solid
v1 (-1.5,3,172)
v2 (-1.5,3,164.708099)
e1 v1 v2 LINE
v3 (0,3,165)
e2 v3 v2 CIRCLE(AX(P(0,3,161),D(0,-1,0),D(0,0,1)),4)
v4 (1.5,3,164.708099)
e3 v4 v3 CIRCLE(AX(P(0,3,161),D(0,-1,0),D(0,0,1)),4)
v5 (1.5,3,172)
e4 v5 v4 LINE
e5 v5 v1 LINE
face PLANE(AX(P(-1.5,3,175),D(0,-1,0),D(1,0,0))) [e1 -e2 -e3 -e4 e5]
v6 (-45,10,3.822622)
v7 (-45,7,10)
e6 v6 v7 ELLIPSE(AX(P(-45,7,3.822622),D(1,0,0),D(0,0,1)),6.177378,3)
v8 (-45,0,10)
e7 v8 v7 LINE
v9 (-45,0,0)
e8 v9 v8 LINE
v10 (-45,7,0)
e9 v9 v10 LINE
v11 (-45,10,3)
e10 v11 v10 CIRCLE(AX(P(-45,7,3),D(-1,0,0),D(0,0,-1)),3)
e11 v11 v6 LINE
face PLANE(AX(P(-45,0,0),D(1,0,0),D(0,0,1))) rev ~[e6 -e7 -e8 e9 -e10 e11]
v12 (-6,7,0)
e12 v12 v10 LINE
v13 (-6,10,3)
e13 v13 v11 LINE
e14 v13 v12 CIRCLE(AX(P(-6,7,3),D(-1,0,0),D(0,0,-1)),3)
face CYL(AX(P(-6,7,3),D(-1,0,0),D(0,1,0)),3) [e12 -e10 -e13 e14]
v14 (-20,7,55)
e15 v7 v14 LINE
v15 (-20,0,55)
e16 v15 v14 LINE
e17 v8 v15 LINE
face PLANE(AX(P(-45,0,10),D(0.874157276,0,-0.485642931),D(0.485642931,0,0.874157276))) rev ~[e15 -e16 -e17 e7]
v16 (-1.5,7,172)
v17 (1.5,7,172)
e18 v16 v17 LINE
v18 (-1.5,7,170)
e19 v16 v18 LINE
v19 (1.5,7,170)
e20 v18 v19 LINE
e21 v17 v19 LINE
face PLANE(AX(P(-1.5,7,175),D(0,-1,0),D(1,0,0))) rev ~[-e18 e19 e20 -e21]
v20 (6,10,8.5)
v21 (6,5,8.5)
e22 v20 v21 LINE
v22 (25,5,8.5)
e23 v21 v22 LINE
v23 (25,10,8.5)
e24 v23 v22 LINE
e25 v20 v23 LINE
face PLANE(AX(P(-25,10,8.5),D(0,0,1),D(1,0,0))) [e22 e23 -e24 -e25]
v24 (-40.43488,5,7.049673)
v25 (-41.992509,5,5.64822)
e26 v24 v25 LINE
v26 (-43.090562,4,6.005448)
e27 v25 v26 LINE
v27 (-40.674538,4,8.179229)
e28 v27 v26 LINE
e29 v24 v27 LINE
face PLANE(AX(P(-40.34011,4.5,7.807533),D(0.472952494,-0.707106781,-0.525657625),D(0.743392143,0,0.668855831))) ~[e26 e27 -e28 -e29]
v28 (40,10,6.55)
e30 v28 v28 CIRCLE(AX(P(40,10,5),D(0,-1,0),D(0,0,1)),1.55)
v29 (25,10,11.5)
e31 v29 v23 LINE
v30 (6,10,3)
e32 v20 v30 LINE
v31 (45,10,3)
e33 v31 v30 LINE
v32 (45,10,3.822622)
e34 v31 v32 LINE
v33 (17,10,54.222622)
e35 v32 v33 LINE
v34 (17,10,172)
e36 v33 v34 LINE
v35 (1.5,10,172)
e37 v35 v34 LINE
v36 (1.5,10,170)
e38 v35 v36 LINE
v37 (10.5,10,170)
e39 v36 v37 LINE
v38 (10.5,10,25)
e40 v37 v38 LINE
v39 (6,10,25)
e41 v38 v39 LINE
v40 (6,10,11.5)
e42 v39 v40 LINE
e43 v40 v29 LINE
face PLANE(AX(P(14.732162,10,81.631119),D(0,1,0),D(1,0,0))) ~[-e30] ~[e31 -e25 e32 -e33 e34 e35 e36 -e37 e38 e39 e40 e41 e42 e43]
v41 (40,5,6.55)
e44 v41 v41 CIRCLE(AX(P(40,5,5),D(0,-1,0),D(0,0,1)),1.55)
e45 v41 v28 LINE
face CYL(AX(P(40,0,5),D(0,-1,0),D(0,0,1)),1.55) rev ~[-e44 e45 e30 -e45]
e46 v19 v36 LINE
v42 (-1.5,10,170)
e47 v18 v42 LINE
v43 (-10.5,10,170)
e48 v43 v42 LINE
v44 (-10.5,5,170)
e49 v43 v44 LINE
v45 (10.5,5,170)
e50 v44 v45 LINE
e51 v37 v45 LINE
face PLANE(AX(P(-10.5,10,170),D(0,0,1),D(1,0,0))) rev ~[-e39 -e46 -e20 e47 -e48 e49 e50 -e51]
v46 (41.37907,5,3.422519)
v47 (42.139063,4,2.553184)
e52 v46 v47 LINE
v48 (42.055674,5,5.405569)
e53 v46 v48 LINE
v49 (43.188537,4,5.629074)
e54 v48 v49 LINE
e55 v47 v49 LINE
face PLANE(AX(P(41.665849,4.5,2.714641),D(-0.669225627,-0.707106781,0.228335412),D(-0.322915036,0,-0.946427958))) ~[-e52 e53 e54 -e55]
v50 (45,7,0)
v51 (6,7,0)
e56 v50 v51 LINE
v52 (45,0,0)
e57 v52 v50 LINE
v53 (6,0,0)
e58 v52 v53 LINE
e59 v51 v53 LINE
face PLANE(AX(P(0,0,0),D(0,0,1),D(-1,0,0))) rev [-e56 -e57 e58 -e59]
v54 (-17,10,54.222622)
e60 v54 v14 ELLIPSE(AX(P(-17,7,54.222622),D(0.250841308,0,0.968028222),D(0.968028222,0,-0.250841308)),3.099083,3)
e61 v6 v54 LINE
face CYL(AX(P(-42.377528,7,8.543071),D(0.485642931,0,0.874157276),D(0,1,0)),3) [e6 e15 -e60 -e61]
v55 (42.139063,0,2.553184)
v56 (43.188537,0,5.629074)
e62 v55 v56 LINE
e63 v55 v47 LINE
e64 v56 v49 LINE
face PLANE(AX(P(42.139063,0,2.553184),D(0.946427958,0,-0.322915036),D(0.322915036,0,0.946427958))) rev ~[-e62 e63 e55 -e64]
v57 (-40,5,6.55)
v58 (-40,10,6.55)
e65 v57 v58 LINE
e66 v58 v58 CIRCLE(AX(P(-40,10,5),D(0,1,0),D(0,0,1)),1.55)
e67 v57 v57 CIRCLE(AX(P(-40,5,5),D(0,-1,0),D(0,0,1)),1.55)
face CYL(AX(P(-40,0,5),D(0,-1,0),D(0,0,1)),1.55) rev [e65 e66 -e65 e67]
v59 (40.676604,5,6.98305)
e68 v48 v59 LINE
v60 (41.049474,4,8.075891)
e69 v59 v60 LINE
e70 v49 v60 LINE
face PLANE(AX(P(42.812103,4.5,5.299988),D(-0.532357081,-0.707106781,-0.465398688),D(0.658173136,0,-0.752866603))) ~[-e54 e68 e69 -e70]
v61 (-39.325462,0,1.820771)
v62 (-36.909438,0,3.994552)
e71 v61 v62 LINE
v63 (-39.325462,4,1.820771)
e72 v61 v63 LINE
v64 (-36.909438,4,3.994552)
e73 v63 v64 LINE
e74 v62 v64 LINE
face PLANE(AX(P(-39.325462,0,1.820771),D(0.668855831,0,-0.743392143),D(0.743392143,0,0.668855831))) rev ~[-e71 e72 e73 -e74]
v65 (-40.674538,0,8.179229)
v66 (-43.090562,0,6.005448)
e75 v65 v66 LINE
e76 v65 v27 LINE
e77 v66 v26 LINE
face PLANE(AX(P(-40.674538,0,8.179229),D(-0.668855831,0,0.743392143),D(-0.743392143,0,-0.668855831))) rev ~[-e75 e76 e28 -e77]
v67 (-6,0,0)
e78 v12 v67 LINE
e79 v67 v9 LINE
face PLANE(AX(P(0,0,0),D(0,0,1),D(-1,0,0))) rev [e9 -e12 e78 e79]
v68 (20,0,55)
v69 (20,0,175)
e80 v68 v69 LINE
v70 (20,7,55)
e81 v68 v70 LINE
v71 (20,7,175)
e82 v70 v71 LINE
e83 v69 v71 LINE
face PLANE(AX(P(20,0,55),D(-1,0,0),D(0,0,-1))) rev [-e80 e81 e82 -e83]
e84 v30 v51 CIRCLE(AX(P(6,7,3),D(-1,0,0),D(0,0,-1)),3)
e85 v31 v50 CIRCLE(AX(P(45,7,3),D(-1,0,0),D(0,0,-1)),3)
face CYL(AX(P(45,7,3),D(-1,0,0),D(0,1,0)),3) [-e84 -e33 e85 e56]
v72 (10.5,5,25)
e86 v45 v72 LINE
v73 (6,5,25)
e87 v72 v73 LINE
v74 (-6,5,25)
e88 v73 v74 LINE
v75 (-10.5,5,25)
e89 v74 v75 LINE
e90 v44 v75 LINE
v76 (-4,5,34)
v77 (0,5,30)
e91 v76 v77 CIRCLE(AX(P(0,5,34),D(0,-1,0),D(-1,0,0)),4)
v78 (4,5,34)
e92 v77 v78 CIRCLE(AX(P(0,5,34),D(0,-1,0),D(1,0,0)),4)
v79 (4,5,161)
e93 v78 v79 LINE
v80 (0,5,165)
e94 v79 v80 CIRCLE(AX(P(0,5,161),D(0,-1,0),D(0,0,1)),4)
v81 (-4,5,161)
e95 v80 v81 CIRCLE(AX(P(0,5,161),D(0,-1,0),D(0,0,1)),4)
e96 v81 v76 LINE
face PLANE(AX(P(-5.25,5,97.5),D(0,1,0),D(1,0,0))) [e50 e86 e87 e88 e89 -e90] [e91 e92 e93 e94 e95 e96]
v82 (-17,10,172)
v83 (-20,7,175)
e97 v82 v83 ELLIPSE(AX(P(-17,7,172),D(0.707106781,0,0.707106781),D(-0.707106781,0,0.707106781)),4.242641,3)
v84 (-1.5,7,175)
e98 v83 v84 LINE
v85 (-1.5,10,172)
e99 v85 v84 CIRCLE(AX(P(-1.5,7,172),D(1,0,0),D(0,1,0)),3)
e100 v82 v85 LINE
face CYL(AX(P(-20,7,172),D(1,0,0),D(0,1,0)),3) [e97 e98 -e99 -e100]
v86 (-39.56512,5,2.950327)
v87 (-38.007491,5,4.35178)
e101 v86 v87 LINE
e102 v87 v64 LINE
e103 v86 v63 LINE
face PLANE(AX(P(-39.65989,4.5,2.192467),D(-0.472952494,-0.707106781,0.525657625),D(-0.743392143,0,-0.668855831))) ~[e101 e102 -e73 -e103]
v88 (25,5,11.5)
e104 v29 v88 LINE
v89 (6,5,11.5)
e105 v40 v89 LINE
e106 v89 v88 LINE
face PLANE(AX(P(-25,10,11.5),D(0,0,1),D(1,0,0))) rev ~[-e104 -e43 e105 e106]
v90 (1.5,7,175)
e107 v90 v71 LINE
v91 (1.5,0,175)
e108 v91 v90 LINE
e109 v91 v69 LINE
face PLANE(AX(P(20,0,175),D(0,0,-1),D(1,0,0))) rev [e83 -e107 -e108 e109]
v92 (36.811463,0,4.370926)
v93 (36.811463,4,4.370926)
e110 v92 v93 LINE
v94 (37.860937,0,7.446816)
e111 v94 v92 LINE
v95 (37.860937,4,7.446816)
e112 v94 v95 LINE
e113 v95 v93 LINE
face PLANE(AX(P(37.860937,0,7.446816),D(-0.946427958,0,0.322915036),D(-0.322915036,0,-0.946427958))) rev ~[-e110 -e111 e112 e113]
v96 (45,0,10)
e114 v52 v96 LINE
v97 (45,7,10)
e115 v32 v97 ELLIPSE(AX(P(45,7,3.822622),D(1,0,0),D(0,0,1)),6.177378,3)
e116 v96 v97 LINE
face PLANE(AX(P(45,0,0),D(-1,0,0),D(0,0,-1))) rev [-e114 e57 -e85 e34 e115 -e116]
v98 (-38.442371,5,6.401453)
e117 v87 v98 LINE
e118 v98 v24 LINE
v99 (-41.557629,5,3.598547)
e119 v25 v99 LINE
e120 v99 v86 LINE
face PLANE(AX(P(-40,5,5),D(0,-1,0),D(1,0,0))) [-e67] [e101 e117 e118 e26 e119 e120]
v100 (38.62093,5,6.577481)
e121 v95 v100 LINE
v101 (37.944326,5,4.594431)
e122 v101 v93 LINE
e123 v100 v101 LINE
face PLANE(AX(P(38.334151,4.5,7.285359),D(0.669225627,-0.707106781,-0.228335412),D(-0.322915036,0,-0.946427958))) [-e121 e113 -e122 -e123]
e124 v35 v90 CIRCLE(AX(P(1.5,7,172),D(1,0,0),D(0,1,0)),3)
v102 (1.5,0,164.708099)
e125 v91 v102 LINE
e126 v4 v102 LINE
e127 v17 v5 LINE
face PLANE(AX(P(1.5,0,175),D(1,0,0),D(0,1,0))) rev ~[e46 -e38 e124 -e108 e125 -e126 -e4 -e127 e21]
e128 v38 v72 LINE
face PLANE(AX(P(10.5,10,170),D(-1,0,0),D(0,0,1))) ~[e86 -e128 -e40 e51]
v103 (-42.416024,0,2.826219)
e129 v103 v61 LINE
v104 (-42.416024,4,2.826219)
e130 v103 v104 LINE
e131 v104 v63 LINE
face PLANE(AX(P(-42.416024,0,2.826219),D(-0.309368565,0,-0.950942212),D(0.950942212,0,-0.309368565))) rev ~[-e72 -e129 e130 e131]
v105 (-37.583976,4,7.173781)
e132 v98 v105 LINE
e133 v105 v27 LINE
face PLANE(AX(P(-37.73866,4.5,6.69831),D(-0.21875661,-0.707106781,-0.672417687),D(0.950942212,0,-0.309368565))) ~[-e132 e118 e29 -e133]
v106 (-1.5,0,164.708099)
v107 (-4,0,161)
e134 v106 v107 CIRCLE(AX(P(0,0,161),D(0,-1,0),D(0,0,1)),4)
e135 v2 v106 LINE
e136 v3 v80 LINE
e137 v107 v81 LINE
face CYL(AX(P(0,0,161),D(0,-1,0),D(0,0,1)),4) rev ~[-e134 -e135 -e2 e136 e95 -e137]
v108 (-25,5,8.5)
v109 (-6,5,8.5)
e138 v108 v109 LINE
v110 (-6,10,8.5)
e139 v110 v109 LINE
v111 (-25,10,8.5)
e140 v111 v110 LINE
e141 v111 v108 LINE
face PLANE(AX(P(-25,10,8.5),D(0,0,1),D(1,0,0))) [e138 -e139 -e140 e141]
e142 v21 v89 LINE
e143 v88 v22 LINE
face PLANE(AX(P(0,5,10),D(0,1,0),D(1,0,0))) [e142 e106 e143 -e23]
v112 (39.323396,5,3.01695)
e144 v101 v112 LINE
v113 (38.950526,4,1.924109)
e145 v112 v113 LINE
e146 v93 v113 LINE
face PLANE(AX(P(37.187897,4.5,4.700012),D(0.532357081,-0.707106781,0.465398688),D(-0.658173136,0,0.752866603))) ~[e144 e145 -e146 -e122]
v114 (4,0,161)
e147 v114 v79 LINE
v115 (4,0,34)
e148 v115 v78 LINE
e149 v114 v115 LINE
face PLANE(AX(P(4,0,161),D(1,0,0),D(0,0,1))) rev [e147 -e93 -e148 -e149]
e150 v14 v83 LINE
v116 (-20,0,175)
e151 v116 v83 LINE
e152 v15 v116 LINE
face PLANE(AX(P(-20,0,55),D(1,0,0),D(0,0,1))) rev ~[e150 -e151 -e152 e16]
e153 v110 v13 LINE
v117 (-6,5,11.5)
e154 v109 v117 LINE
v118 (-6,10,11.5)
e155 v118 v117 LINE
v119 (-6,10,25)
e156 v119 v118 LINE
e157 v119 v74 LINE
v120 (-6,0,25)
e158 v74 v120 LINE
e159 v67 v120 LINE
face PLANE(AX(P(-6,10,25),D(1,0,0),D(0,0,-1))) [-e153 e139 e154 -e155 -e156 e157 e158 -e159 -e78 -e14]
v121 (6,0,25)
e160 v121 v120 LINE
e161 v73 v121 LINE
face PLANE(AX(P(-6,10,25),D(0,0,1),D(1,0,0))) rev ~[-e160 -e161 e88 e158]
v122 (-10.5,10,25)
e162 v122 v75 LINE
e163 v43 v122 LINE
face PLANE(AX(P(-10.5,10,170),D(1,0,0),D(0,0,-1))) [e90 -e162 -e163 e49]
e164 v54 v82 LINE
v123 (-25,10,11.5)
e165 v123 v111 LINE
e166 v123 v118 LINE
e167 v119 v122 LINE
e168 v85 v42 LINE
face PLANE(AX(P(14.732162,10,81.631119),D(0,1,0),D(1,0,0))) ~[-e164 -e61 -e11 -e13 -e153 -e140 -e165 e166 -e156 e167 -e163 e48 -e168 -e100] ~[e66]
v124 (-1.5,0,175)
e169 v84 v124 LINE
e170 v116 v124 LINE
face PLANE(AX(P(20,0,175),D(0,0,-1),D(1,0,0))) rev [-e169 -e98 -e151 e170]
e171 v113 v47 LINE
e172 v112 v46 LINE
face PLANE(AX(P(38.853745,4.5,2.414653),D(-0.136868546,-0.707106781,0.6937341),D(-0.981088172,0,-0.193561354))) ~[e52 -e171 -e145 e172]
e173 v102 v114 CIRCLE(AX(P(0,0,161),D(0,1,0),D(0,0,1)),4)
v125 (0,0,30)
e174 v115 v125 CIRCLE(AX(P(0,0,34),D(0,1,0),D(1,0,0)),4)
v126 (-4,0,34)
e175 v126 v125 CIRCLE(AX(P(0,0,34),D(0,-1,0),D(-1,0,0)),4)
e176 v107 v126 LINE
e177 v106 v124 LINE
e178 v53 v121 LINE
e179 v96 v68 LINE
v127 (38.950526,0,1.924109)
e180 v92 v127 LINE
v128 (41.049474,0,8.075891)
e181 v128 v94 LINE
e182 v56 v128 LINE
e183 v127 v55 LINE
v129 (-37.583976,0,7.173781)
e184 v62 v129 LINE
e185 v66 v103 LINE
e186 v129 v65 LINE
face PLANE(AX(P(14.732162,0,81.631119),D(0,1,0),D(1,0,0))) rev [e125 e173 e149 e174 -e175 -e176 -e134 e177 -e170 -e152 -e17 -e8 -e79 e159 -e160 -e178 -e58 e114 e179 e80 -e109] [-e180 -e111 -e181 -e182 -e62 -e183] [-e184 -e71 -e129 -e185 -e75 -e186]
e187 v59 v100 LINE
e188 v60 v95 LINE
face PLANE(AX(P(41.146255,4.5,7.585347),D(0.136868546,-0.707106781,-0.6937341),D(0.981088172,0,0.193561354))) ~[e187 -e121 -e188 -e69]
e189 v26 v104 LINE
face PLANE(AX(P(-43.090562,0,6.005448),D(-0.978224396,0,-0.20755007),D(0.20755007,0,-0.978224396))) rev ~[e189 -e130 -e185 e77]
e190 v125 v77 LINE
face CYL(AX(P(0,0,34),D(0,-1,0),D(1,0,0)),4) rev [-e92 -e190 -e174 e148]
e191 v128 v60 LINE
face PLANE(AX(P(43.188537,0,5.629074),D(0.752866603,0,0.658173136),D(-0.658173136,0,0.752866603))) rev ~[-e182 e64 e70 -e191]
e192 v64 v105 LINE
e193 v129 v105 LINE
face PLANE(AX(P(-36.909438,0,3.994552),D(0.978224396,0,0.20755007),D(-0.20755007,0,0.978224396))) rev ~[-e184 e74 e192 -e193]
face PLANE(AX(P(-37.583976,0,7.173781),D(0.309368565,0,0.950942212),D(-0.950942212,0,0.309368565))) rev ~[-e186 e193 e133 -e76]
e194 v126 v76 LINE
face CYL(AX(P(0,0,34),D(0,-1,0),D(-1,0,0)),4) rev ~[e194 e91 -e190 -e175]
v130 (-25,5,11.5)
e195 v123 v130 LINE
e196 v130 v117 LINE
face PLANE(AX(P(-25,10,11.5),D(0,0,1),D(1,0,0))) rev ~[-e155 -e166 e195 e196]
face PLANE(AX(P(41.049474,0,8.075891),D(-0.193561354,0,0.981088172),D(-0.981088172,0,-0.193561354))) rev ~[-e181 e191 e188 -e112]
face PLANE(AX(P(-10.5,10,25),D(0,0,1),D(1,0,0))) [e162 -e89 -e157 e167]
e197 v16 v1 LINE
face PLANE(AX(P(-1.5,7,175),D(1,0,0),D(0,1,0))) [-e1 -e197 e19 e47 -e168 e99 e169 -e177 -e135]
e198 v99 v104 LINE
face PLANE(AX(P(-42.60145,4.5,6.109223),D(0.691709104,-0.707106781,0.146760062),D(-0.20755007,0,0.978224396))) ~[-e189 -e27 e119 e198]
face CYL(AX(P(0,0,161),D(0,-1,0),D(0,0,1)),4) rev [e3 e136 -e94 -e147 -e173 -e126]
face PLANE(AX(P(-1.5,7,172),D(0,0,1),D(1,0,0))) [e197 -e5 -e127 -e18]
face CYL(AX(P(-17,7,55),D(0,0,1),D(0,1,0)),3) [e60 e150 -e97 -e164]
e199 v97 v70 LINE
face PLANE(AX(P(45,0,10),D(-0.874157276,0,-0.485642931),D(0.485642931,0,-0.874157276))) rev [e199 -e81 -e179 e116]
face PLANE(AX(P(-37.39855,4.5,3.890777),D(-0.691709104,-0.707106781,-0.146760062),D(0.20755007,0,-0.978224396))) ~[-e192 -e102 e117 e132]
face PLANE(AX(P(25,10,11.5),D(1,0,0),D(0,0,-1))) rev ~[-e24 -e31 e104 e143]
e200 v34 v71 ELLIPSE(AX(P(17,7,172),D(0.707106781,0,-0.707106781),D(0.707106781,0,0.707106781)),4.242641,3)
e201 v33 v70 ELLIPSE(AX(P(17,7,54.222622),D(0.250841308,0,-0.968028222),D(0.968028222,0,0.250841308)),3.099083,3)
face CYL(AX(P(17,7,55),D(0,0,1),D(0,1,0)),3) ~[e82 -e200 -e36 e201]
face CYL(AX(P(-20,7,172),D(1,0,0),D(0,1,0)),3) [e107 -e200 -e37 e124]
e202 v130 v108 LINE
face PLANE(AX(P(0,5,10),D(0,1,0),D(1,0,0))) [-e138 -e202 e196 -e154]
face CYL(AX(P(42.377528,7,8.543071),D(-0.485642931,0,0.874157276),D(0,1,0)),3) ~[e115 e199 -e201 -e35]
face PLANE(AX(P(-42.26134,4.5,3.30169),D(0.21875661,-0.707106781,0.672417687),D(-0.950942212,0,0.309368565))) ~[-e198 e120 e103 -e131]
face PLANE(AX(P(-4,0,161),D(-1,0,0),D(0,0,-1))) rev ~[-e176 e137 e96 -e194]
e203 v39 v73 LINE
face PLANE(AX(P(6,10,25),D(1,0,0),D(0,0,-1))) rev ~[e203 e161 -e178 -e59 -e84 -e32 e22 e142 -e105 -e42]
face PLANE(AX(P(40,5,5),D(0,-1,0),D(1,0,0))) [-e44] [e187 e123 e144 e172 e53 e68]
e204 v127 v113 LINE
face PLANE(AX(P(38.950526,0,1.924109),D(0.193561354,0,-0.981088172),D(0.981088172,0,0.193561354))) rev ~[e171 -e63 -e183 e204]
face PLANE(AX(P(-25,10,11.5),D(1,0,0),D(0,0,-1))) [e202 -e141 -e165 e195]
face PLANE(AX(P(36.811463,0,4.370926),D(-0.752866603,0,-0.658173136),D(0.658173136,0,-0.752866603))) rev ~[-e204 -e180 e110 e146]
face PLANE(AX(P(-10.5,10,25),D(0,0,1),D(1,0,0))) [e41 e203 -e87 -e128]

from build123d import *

# Parameters (mm, degrees)
SKETCH1_R           = 1.55
BOSS_EXTRUDE1_DEPTH = 10
SKETCH2_W           = 10.5
SKETCH2_H           = 145
CUT_EXTRUDE1_DEPTH  = 5
SKETCH3_W           = 12
SKETCH3_H           = 25
CUT_EXTRUDE2_DEPTH  = 181.969610709
SKETCH4_W           = 50
SKETCH4_H           = 3
CUT_EXTRUDE3_DEPTH  = 5
FILLET1_R           = 3
SKETCH6_R           = 1.55
CUT_EXTRUDE4_DEPTH  = 5
CHAMFER2_SIZE       = 1
SKETCH7_W           = 3
SKETCH7_H           = 3
CUT_EXTRUDE5_DEPTH  = 12
SKETCH8_W           = 3
SKETCH8_H           = 3
CUT_EXTRUDE6_DEPTH  = 181.828648173


with BuildPart() as part:
    # Sketch1 → Boss-Extrude1 (new body)
    with BuildSketch(Plane(origin=(0, 0, 0), x_dir=(1, 0, 0), z_dir=(0, 1, 0))):
        with BuildLine():
            Line((0, -30), (0, 0))
            Line((0, 0), (-45, 0))
            Line((-45, 0), (-45, -10))
            Line((-45, -10), (-20, -55))
            Line((-20, -55), (-20, -175))
            Line((-20, -175), (0, -175))
            Line((0, -175), (0, -165))
            ThreePointArc((0, -165), (-2.828427125, -163.828427125), (-4, -161))
            Line((-4, -161), (-4, -34))
            ThreePointArc((-4, -34), (-2.828427125, -31.171572875), (0, -30))
        make_face()
        with Locations(Location((-40, -5, 0), (0, 0, 270))):
            Circle(SKETCH1_R, mode=Mode.SUBTRACT)
    boss_extrude1 = extrude(amount=BOSS_EXTRUDE1_DEPTH)

    # Sketch2 → Cut-Extrude1 (cut)
    with BuildSketch(Plane(origin=(0, 10, 0), x_dir=(1, 0, 0), z_dir=(0, 1, 0))):
        with Locations((-5.25, -97.5)):
            Rectangle(SKETCH2_W, SKETCH2_H)
    cut_extrude1 = extrude(amount=-CUT_EXTRUDE1_DEPTH, mode=Mode.SUBTRACT)

    # Mirror1: Boss-Extrude1, Cut-Extrude1 across plane
    add(boss_extrude1.mirror(Plane(origin=(0, 0, 0), x_dir=(0, 0, 1), z_dir=(1, 0, 0))))
    add(cut_extrude1.mirror(Plane(origin=(0, 0, 0), x_dir=(0, 0, 1), z_dir=(1, 0, 0))), mode=Mode.SUBTRACT)

    # Sketch3 → Cut-Extrude2 (cut, through all)
    with BuildSketch(Plane(origin=(0, 10, 0), x_dir=(1, 0, 0), z_dir=(0, 1, 0))):
        with Locations((0, -12.5)):
            Rectangle(SKETCH3_W, SKETCH3_H)
    extrude(amount=-CUT_EXTRUDE2_DEPTH, mode=Mode.SUBTRACT)

    # Sketch4 → Cut-Extrude3 (cut)
    with BuildSketch(Plane(origin=(0, 10, 0), x_dir=(1, 0, 0), z_dir=(0, 1, 0))):
        with Locations((0, -10)):
            Rectangle(SKETCH4_W, SKETCH4_H)
    extrude(amount=-CUT_EXTRUDE3_DEPTH, mode=Mode.SUBTRACT)

    # Fillet1
    fillet1_edges = [part.edges().sort_by_distance(p)[0] for p in [
        (-25.5, 10, 0),
        (25.5, 10, 0),
        (-32.5, 10, 32.5),
        (-20, 10, 115),
        (0, 10, 175),
        (20, 10, 115),
        (32.5, 10, 32.5),
    ]]
    fillet(fillet1_edges, radius=FILLET1_R)

    # Sketch6 → Cut-Extrude4 (cut)
    # profile 1 of 2: a face of its own
    with BuildSketch(Plane.XZ):
        Polygon((-42.416024464, 2.82621855), (-39.325462274, 1.820770713), (-36.90943781, 3.994552163), (-37.583975536, 7.17378145), (-40.674537726, 8.179229287), (-43.09056219, 6.005447837), align=None)
        with Locations(Location((-40, 5, 0), (0, 0, 270))):
            Circle(SKETCH6_R, mode=Mode.SUBTRACT)
    # profile 2 of 2: a face of its own
    with BuildSketch(Plane.XZ):
        Polygon((36.81146344, 4.370925598), (38.950526133, 1.924109137), (42.139062693, 2.553183539), (43.18853656, 5.629074402), (41.049473867, 8.075890863), (37.860937307, 7.446816461), align=None)
        with Locations(Location((40, 5, 0), (0, 0, 270))):
            Circle(SKETCH6_R, mode=Mode.SUBTRACT)
    extrude(amount=-CUT_EXTRUDE4_DEPTH, mode=Mode.SUBTRACT)

    # Chamfer2
    chamfer2_edges = [part.edges().sort_by_distance(p)[0] for p in [
        (-40.870743369, 5, 2.323494632),
        (-42.753293327, 5, 4.415833194),
        (-41.882549958, 5, 7.092338562),
        (-39.129256631, 5, 7.676505368),
        (-37.246706673, 5, 5.584166806),
        (-38.117450042, 5, 2.907661438),
        (37.880994786, 5, 3.147517367),
        (37.336200373, 5, 5.908871029),
        (39.455205587, 5, 7.761353662),
        (42.119005214, 5, 6.852482633),
        (42.663799627, 5, 4.091128971),
        (40.544794413, 5, 2.238646338),
    ]]
    chamfer(chamfer2_edges, length=CHAMFER2_SIZE)

    # Sketch7 → Cut-Extrude5 (cut)
    with BuildSketch(Plane.XY.offset(175)):
        with Locations((0, 8.5)):
            Rectangle(SKETCH7_W, SKETCH7_H)
        with Locations((0, 1.5)):
            Rectangle(SKETCH7_W, SKETCH7_H)
    extrude(amount=-CUT_EXTRUDE5_DEPTH, mode=Mode.SUBTRACT)

    # Sketch8 → Cut-Extrude6 (cut, through all)
    with BuildSketch(Plane(origin=(0, 7, 0), x_dir=(1, 0, 0), z_dir=(0, 1, 0))):
        with Locations((0, -173.5)):
            Rectangle(SKETCH8_W, SKETCH8_H)
    extrude(amount=-CUT_EXTRUDE6_DEPTH, mode=Mode.SUBTRACT)


solid = part.part
